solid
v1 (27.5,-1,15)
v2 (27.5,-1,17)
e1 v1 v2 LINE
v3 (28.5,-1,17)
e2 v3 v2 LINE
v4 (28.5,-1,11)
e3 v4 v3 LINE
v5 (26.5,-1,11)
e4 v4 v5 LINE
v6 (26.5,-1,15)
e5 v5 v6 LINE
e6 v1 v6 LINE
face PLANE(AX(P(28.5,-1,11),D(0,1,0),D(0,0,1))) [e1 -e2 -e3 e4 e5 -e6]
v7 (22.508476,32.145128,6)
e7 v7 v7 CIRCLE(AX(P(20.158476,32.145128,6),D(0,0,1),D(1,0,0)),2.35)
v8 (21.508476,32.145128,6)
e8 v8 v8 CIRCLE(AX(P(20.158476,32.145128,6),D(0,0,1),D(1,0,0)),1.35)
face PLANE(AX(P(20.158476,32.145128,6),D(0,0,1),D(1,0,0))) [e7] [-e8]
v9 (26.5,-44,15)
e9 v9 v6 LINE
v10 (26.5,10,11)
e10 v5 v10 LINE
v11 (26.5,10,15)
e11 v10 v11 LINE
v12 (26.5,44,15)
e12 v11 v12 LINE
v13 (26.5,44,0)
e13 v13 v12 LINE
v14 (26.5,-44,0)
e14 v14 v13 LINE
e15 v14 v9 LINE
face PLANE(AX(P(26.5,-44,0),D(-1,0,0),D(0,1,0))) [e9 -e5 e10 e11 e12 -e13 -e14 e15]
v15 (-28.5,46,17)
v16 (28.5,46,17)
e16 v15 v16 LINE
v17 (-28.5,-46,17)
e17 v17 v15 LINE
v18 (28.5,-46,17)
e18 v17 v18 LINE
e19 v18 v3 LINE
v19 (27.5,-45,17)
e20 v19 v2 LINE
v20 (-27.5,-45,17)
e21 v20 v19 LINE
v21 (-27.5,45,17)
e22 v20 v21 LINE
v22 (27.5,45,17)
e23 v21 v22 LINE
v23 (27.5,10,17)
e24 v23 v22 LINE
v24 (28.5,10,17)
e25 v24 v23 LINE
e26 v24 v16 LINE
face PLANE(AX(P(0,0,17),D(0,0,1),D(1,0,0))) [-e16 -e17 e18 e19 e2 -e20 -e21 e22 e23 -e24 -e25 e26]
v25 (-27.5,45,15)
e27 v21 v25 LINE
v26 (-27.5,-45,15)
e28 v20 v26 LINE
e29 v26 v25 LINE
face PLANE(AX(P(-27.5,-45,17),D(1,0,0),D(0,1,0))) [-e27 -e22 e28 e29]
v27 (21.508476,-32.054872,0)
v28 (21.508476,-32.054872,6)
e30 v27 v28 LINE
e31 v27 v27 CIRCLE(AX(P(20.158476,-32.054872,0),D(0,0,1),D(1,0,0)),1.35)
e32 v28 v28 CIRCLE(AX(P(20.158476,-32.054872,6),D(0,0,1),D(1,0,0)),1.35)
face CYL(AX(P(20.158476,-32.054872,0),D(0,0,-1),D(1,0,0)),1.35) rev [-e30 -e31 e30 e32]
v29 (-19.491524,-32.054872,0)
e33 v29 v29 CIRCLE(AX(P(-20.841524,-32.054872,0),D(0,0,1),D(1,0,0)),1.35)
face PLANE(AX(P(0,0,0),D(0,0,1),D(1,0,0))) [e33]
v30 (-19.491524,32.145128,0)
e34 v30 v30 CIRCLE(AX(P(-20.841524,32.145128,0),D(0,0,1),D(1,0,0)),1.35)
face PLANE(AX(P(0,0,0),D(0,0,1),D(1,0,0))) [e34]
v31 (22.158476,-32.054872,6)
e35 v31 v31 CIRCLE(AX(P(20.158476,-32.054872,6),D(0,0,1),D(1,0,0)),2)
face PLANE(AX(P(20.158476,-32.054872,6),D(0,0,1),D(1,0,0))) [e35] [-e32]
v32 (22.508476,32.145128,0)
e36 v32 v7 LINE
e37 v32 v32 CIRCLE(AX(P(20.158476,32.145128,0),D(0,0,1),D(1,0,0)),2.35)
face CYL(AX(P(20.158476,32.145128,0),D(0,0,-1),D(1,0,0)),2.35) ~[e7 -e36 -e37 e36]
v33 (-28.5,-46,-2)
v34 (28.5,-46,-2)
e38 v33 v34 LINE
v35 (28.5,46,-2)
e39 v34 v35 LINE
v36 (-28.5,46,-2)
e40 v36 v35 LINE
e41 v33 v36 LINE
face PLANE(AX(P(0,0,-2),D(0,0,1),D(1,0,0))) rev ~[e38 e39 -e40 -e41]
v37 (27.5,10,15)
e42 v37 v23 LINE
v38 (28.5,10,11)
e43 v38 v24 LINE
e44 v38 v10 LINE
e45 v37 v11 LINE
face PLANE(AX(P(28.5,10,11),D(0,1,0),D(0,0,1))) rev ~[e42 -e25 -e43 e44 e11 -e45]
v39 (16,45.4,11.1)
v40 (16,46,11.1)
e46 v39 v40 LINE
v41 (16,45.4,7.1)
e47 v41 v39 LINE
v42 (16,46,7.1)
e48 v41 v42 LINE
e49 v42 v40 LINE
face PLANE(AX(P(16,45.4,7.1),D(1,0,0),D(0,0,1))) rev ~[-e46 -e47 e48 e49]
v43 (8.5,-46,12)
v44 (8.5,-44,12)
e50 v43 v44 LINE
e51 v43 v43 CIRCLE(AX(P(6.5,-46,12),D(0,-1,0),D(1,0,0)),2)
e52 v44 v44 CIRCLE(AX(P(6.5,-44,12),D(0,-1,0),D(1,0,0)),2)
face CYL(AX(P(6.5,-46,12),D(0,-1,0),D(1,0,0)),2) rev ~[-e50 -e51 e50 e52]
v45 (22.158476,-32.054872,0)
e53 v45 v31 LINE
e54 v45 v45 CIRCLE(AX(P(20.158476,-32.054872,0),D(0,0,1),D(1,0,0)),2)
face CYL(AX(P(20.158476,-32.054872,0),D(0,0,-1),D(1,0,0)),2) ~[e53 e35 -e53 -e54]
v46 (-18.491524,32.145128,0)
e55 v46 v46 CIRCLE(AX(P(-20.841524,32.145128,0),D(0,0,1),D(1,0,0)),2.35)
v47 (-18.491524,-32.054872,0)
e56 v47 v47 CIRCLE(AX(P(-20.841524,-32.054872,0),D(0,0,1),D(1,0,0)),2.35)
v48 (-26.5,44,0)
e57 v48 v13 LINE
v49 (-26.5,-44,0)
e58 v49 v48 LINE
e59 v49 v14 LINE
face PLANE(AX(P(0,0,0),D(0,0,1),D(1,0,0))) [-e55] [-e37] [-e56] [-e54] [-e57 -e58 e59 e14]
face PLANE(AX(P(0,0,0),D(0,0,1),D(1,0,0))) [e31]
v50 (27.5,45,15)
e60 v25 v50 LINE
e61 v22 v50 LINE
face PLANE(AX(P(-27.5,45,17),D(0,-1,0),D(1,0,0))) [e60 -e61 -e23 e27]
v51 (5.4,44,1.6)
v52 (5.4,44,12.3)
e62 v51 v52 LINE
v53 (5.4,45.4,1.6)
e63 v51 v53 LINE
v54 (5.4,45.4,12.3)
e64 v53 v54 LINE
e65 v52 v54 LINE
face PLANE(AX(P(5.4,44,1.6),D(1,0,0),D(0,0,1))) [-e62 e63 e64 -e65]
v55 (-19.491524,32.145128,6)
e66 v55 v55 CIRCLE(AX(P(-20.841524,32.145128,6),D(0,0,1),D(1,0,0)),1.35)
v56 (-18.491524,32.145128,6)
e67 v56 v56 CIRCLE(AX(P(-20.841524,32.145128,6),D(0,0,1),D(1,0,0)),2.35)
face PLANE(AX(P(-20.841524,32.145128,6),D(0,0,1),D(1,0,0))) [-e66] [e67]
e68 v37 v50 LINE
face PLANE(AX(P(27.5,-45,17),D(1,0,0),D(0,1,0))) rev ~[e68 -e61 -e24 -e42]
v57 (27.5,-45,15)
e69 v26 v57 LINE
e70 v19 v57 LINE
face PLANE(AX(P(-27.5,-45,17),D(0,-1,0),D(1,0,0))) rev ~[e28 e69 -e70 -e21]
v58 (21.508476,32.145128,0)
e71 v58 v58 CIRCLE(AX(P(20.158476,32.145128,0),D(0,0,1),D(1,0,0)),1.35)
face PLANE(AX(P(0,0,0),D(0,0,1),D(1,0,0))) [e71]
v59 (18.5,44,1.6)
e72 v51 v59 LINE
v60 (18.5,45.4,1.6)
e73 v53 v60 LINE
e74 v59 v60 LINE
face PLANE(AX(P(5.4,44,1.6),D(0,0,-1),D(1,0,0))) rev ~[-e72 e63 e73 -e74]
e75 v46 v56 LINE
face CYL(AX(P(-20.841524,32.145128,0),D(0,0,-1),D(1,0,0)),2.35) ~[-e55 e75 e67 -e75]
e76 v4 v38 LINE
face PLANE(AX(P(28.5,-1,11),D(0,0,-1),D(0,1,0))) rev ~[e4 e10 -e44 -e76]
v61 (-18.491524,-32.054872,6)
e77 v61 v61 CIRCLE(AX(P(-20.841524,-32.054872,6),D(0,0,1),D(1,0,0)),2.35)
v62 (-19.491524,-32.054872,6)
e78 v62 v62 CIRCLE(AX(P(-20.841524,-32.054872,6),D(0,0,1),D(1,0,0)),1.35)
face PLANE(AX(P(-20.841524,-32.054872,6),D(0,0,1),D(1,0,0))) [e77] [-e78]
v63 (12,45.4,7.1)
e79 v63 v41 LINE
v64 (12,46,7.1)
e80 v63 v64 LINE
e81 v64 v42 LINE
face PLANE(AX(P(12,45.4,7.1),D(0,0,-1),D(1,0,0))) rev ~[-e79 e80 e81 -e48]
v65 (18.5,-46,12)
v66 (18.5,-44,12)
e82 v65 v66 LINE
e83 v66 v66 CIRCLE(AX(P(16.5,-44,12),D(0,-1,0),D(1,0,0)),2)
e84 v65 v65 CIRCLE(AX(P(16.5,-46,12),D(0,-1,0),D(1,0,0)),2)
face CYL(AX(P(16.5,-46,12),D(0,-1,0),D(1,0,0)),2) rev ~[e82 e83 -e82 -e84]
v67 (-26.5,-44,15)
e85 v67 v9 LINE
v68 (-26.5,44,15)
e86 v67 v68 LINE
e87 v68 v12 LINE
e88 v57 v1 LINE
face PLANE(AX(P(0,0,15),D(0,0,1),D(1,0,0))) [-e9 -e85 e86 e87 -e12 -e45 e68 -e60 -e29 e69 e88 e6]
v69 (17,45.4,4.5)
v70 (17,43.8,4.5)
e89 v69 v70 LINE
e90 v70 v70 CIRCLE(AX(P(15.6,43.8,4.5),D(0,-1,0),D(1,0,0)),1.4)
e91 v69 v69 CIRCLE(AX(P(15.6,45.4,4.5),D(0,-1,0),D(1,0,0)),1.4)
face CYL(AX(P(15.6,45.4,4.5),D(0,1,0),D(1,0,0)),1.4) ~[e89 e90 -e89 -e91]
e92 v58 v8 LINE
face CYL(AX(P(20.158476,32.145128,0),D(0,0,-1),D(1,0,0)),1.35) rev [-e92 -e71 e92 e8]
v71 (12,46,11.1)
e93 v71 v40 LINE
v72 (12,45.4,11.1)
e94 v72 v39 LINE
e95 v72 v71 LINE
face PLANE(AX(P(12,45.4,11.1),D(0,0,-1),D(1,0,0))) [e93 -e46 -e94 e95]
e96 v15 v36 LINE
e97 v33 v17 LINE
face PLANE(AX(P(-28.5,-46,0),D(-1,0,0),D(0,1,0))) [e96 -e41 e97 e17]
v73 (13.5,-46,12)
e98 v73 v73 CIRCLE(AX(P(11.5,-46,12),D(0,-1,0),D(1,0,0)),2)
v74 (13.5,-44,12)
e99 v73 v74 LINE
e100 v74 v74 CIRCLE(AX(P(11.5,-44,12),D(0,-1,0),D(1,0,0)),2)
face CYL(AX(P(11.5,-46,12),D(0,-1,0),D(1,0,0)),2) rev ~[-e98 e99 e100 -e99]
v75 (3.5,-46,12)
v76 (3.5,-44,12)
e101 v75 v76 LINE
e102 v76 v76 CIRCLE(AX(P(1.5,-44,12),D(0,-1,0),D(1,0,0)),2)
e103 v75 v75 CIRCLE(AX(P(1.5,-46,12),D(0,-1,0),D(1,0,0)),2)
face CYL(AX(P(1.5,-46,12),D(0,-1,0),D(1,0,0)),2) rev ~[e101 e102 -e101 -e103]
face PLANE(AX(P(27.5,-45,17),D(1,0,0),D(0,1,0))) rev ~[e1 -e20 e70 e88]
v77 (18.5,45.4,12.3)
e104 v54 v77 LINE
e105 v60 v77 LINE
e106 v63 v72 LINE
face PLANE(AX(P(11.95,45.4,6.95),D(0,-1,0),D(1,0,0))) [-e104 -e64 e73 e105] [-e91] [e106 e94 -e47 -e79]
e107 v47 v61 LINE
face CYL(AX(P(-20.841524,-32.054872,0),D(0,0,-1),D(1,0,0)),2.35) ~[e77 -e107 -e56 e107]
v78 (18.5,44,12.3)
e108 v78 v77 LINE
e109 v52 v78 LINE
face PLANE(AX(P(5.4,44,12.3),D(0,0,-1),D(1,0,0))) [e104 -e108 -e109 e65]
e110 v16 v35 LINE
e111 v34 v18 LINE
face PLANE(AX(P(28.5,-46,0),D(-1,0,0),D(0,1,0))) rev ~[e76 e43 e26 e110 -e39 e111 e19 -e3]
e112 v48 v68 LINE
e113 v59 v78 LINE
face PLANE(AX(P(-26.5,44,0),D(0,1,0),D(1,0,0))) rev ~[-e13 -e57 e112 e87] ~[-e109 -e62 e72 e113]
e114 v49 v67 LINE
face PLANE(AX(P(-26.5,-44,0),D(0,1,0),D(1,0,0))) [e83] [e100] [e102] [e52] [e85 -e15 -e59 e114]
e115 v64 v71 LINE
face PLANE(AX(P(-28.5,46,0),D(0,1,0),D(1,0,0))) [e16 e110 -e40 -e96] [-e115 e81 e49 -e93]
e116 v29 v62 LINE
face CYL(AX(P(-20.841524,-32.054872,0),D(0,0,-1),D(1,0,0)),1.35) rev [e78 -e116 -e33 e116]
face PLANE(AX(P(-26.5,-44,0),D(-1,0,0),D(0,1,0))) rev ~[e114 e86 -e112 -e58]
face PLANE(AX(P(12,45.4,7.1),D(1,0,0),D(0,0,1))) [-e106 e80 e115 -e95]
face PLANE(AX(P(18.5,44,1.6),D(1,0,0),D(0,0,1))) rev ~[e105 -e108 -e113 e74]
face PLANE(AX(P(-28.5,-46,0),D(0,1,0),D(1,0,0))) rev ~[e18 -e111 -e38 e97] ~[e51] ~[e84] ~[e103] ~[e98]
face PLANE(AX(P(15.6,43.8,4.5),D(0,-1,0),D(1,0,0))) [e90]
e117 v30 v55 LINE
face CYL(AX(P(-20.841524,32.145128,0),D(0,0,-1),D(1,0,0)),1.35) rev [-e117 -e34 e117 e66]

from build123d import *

# Parameters (mm, degrees)
SKETCH_W        = 57
SKETCH_H        = 92
PAD_DEPTH       = 2
SKETCH001_W     = 57
SKETCH001_H     = 92
SKETCH001_W_2   = 53
SKETCH001_H_2   = 88
PAD001_DEPTH    = 17
SKETCH002_R     = 2.35
SKETCH002_R_2   = 1.35
SKETCH002_R_3   = 2
PAD002_DEPTH    = 6
SKETCH003_W     = 55
SKETCH003_H     = 90
POCKET_DEPTH    = 2
SKETCH004_W     = 13.1
SKETCH004_H     = 10.7
POCKET001_DEPTH = 1.4
SKETCH005_R     = 1.4
PAD003_DEPTH    = 1.6
SKETCH006_W     = 4
SKETCH006_H     = 4
POCKET002_DEPTH = 0.6
SKETCH007_W     = 11
SKETCH007_H     = 6
POCKET003_DEPTH = 2
SKETCH008_R     = 2
POCKET004_DEPTH = 5


with BuildPart() as part:
    # Sketch → Pad (new body)
    with BuildSketch(Plane.XY):
        Rectangle(SKETCH_W, SKETCH_H)
    extrude(amount=-PAD_DEPTH)

    # Sketch001 (on Face5 of Pad) → Pad001 (join)
    with BuildSketch(Plane.XY):
        Rectangle(SKETCH001_W, SKETCH001_H)
        Rectangle(SKETCH001_W_2, SKETCH001_H_2, mode=Mode.SUBTRACT)
    extrude(amount=PAD001_DEPTH)

    # Sketch002 (on Face15 of Pad001) → Pad002 (join)
    with BuildSketch(Plane.XY):
        with Locations((-20.841524, 32.145128)):
            Circle(SKETCH002_R)
        with Locations((-20.841524, 32.145128)):
            Circle(SKETCH002_R_2, mode=Mode.SUBTRACT)
        with Locations((20.158476, 32.145128)):
            Circle(SKETCH002_R)
        with Locations((20.158476, 32.145128)):
            Circle(SKETCH002_R_2, mode=Mode.SUBTRACT)
        with Locations((20.158476, -32.054872)):
            Circle(SKETCH002_R_3)
        with Locations((20.158476, -32.054872)):
            Circle(SKETCH002_R_2, mode=Mode.SUBTRACT)
        with Locations((-20.841524, -32.054872)):
            Circle(SKETCH002_R)
        with Locations((-20.841524, -32.054872)):
            Circle(SKETCH002_R_2, mode=Mode.SUBTRACT)
    extrude(amount=PAD002_DEPTH)

    # Sketch003 (on Face9 of Pad002) → Pocket (cut)
    with BuildSketch(Plane.XY.offset(17)):
        Rectangle(SKETCH003_W, SKETCH003_H)
    extrude(amount=-POCKET_DEPTH, mode=Mode.SUBTRACT)

    # Sketch004 (on Face16 of Pocket) → Pocket001 (cut)
    with BuildSketch(Plane.XZ.offset(-44)):
        with Locations((11.95, 6.95)):
            Rectangle(SKETCH004_W, SKETCH004_H)
    extrude(amount=-POCKET001_DEPTH, mode=Mode.SUBTRACT)

    # Sketch005 (on Face29 of Pocket001) → Pad003 (join)
    with BuildSketch(Plane.XZ.offset(-45.4)):
        with Locations((15.6, 4.5)):
            Circle(SKETCH005_R)
    extrude(amount=PAD003_DEPTH)

    # Sketch006 (on Face29 of Pad003) → Pocket002 (cut)
    with BuildSketch(Plane.XZ.offset(-45.4)):
        with Locations((14, 9.1)):
            Rectangle(SKETCH006_W, SKETCH006_H)
    extrude(amount=-POCKET002_DEPTH, mode=Mode.SUBTRACT)

    # Sketch007 (on Face8 of Pad003) → Pocket003 (cut)
    with BuildSketch(Plane.YZ.offset(28.5)):
        with Locations((4.5, 14)):
            Rectangle(SKETCH007_W, SKETCH007_H)
    extrude(amount=-POCKET003_DEPTH, mode=Mode.SUBTRACT)

    # Sketch008 (on Face14 of Pocket003) → Pocket004 (cut)
    with BuildSketch(Plane.XZ.offset(46)):
        with Locations((6.5, 12)):
            Circle(SKETCH008_R)
        with Locations((11.5, 12)):
            Circle(SKETCH008_R)
        with Locations((16.5, 12)):
            Circle(SKETCH008_R)
        with Locations((1.5, 12)):
            Circle(SKETCH008_R)
    extrude(amount=-POCKET004_DEPTH, mode=Mode.SUBTRACT)


solid = part.part
